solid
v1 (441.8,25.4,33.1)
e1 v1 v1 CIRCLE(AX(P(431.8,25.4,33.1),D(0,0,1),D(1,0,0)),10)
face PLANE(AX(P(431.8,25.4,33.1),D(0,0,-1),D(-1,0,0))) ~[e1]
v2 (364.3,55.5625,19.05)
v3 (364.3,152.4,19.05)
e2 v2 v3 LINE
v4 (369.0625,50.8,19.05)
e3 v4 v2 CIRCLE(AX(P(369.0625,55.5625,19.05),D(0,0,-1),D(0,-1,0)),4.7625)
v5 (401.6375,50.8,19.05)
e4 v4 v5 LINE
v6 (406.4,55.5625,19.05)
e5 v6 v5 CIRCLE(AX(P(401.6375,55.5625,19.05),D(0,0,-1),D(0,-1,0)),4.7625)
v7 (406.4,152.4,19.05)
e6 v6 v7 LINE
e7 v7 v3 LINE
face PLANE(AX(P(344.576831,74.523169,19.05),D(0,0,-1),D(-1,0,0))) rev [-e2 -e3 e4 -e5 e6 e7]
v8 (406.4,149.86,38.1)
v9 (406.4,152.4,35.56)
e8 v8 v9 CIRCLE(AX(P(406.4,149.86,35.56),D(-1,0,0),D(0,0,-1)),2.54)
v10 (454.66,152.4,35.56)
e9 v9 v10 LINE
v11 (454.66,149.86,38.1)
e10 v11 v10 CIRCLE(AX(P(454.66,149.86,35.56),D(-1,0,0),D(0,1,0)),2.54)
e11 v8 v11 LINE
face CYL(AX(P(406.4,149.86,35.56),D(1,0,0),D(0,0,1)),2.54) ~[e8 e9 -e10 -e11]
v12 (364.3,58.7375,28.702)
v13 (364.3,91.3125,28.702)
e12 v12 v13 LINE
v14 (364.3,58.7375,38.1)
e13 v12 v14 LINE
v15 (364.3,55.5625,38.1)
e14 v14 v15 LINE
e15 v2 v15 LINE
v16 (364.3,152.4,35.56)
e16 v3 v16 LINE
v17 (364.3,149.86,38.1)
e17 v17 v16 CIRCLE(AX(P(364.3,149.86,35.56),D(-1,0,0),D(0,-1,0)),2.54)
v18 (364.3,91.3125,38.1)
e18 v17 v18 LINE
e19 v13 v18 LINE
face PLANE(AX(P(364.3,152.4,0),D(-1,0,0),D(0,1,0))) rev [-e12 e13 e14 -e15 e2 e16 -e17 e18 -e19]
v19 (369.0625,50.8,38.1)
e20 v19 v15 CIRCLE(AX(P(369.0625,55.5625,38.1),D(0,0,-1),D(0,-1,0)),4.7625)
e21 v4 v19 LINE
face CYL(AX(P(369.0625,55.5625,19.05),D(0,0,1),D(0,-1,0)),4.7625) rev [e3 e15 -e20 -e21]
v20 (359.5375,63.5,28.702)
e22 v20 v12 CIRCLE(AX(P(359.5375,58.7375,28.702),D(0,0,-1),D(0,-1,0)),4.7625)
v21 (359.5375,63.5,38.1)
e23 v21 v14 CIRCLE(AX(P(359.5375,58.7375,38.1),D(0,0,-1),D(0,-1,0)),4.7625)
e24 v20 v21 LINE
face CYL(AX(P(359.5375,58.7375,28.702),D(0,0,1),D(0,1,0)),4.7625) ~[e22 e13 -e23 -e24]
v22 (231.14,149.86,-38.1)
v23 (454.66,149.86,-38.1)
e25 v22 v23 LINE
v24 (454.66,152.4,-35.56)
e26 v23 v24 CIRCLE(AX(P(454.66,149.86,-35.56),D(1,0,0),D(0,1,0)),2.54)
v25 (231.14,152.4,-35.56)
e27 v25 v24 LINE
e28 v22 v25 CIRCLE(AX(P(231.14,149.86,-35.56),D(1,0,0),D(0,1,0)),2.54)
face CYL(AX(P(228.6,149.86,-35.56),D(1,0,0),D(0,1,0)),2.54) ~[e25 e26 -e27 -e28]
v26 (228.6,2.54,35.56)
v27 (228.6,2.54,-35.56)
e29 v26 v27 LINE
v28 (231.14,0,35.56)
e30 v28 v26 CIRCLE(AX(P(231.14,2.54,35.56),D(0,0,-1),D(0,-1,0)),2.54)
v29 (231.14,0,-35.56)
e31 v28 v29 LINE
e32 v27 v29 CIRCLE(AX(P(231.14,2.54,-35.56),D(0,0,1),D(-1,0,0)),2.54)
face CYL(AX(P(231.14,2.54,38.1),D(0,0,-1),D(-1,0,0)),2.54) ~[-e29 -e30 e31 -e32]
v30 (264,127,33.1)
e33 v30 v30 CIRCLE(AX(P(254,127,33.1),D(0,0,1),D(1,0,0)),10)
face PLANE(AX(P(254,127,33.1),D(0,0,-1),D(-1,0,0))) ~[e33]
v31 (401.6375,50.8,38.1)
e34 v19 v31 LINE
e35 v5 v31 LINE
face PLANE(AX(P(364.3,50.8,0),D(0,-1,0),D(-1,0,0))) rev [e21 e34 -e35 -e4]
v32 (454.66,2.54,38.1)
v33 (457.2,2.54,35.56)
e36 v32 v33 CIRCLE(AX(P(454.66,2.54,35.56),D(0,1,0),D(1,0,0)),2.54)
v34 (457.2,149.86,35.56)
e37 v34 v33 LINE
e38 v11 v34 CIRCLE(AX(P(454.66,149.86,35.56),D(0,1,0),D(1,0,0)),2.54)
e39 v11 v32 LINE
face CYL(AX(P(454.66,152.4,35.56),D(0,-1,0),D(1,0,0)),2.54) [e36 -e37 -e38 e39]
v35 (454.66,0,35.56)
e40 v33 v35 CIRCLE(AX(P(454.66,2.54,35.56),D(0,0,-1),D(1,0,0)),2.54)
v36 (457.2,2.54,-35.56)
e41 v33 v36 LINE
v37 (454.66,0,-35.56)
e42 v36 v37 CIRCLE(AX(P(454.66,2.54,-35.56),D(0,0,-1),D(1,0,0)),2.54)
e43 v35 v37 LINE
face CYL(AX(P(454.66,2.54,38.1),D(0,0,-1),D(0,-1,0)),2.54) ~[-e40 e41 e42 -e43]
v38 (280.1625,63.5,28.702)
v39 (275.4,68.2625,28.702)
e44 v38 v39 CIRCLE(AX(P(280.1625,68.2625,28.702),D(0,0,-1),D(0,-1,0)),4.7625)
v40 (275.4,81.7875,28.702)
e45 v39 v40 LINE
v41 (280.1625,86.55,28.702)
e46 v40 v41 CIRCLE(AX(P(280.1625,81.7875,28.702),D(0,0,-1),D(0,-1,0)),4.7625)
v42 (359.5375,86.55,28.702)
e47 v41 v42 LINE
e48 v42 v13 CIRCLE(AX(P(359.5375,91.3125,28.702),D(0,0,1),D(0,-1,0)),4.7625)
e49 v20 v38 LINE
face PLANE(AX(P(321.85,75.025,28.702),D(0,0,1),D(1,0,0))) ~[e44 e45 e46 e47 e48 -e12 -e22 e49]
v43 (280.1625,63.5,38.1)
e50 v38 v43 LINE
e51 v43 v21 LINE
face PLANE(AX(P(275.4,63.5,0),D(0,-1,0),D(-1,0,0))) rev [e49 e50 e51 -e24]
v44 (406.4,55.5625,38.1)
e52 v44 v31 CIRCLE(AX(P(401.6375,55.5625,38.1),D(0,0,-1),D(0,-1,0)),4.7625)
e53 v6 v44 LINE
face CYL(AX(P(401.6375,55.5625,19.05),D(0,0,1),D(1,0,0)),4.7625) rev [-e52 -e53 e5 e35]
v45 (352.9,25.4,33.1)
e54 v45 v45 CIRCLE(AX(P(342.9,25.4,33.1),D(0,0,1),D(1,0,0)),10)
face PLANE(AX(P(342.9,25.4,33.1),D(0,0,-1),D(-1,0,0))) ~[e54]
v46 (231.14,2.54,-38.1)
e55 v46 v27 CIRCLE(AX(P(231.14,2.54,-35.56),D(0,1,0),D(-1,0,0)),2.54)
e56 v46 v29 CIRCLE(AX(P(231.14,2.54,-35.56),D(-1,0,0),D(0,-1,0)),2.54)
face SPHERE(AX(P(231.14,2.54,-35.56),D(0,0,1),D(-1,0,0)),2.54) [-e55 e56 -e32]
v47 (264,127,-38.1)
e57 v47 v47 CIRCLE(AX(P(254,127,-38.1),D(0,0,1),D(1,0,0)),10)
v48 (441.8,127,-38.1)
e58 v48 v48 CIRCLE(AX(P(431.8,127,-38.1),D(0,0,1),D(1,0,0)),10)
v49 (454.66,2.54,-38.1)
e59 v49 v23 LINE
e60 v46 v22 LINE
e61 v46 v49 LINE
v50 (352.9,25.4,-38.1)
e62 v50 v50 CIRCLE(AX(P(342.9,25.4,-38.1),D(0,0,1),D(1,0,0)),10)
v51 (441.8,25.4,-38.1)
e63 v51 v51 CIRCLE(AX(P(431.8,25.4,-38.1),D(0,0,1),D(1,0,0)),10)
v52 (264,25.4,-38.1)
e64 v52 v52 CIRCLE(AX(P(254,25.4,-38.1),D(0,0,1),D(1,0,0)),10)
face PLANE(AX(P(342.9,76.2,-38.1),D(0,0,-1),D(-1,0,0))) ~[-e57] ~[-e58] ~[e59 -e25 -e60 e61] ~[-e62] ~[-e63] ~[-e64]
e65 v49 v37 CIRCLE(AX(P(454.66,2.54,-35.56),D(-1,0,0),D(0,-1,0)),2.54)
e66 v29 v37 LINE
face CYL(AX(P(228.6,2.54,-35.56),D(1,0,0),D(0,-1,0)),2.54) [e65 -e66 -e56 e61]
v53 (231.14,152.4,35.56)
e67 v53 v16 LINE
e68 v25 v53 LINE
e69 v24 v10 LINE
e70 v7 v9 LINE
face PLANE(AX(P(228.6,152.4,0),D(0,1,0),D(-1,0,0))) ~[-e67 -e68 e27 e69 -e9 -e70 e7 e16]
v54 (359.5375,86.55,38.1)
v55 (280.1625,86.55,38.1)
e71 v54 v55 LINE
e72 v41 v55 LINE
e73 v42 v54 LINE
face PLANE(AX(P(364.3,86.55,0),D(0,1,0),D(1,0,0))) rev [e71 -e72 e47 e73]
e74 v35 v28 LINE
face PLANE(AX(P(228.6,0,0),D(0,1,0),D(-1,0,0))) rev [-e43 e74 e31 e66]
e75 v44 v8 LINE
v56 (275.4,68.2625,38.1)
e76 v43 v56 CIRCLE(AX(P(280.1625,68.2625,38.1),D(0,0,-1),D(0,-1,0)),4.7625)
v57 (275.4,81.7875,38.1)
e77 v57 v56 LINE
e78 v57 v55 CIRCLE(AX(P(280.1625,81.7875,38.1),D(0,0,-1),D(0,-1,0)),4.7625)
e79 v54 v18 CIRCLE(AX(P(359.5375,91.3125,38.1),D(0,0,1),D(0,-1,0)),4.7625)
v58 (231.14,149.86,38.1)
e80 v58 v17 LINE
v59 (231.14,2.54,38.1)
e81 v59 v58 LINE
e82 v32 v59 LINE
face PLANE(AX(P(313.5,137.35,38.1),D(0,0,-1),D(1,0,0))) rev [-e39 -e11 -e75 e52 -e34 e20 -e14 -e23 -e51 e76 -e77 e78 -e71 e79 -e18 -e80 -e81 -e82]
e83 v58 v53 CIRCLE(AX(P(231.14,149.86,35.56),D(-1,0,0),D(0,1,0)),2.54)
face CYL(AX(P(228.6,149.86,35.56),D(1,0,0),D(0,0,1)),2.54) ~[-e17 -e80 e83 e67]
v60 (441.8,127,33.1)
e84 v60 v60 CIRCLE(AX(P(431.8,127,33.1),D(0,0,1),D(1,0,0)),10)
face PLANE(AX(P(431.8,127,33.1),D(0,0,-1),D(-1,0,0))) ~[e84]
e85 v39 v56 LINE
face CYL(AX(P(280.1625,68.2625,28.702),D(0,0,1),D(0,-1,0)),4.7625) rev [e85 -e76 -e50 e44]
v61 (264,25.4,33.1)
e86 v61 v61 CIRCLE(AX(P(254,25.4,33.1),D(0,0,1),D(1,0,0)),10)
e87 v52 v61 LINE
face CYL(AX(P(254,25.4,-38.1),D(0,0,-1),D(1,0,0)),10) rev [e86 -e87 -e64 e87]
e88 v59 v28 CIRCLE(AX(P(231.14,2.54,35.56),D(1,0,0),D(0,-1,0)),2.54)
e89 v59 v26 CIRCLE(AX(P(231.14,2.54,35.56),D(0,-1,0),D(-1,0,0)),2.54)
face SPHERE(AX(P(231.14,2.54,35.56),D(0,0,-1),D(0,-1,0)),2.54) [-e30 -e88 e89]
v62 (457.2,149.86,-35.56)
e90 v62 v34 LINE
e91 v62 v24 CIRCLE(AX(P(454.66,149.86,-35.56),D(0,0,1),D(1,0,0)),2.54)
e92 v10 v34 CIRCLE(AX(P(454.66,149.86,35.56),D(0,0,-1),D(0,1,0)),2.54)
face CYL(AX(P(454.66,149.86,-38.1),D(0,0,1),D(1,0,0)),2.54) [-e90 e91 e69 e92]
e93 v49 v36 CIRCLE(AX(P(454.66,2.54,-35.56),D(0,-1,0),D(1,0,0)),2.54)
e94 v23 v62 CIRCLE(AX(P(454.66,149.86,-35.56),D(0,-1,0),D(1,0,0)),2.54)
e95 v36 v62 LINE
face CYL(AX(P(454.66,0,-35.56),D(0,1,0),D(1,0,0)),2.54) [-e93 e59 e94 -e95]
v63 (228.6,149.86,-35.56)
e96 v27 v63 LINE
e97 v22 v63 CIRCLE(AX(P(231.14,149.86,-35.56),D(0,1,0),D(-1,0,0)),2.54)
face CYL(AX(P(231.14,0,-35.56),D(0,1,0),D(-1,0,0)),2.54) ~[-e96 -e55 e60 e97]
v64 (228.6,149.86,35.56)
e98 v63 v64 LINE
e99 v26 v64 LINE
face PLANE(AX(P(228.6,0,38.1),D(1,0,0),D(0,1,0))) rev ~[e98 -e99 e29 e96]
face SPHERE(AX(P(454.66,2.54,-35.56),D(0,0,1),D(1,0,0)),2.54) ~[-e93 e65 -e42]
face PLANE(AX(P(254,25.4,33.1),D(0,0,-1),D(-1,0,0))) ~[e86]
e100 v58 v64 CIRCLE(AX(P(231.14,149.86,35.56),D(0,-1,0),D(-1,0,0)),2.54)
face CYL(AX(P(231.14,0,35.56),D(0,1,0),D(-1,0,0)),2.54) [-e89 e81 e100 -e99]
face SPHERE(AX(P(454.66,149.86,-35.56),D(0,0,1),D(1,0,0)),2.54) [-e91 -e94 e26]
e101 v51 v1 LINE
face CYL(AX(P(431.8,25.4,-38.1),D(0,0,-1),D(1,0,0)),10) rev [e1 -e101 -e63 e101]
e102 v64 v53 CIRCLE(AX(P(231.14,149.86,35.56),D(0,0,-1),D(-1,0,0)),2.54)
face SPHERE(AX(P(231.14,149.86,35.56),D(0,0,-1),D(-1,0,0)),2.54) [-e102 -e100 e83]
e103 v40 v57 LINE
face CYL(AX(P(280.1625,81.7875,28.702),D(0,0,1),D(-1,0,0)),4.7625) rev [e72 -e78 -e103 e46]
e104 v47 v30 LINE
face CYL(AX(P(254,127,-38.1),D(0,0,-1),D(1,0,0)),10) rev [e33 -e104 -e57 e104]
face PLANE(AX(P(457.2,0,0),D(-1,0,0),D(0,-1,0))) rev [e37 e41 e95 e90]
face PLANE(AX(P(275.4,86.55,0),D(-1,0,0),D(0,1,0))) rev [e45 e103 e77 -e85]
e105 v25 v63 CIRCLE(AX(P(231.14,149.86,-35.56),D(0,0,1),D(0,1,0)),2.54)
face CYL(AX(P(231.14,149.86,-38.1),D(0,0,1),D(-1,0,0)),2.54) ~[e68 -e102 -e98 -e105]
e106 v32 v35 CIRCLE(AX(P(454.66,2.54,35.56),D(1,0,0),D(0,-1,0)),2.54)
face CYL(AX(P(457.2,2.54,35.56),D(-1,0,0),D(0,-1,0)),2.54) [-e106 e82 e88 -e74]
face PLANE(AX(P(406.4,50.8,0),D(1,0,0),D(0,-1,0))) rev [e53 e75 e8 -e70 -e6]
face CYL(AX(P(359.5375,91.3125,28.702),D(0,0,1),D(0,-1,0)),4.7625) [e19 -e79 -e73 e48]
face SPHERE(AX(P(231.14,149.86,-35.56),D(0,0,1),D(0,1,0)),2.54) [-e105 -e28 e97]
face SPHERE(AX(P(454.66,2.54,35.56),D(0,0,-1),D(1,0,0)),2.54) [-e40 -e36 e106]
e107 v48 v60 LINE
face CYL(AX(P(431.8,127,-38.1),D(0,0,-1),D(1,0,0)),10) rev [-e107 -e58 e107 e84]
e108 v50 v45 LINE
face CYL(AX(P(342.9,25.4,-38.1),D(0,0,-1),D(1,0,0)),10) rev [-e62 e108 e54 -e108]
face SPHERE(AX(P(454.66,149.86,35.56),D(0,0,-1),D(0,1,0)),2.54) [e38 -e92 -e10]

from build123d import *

# Parameters (mm, degrees)
SALIENTE_EXTRUIR1_DEPTH = 19.05
SALIENTE_EXTRUIR2_DEPTH = 38.1
CROQUIS1_5_W            = 88.9
CROQUIS1_5_H            = 19.05
SALIENTE_EXTRUIR3_DEPTH = 28.702
CROQUIS2_W              = 42.1
CROQUIS2_H              = 101.6
CORTAR_EXTRUIR1_DEPTH   = 19.05
REDONDEO1_R             = 4.7625
CROQUIS4_W              = 84.9
CROQUIS4_H              = 38.1
SALIENTE_EXTRUIR4_DEPTH = 15.05
CROQUIS5_W              = 228.6
CROQUIS5_H              = 152.4
SALIENTE_EXTRUIR5_DEPTH = 38.1
REDONDEO2_R             = 2.54
CROQUIS6_R              = 10
CORTAR_EXTRUIR2_DEPTH   = 71.2
CROQUIS7_W              = 228.6
CROQUIS7_H              = 156.90491855
CORTAR_EXTRUIR3_DEPTH   = 488.918066892


with BuildPart() as part:
    # Croquis1 → Saliente-Extruir1 (new body)
    with BuildSketch(Plane.XY):
        Polygon((0, 0), (0, 152.4), (143.7, 152.4), (143.7, 137.35), (228.6, 137.35), (228.6, 0), align=None)
    extrude(amount=SALIENTE_EXTRUIR1_DEPTH)

    # Croquis1<4> → Saliente-Extruir2 (add)
    with BuildSketch(Plane.XY):
        Polygon((0, 152.4), (0, 0), (228.6, 0), (228.6, 137.35), (143.7, 137.35), (143.7, 152.4), (92.9, 152.4), (92.9, 86.55), (181.8, 86.55), (181.8, 63.5), (92.9, 63.5), (92.9, 50.8), (50.8, 50.8), (50.8, 152.4), align=None)
    extrude(amount=SALIENTE_EXTRUIR2_DEPTH)

    # Croquis1<5> → Saliente-Extruir3 (add)
    with BuildSketch(Plane.XY):
        with Locations((135.35, 75.025)):
            Rectangle(CROQUIS1_5_W, CROQUIS1_5_H)
        Polygon((92.9, 65.5), (92.9, 63.5), (181.8, 63.5), (181.8, 86.55), (92.9, 86.55), (92.9, 84.55), (179.8, 84.55), (179.8, 65.5), align=None)
    extrude(amount=SALIENTE_EXTRUIR3_DEPTH)

    # Croquis2 → Cortar-Extruir1 (cut)
    with BuildSketch(Plane.XY.offset(38.1)):
        with Locations((71.85, 101.6)):
            Rectangle(CROQUIS2_W, CROQUIS2_H)
    extrude(amount=-CORTAR_EXTRUIR1_DEPTH, mode=Mode.SUBTRACT)

    # Redondeo1
    redondeo1_edges = [part.edges().sort_by_distance(p)[0] for p in [
        (92.9, 86.55, 33.401),
        (181.8, 86.55, 33.401),
        (181.8, 63.5, 33.401),
        (92.9, 63.5, 33.401),
        (92.9, 50.8, 28.575),
        (50.8, 50.8, 28.575),
    ]]
    fillet(redondeo1_edges, radius=REDONDEO1_R)

    # Croquis4 → Saliente-Extruir4 (add)
    with BuildSketch(Plane(origin=(0, 137.35, 0), x_dir=(1, 0, 0), z_dir=(0, 1, 0))):
        with Locations((186.15, -19.05)):
            Rectangle(CROQUIS4_W, CROQUIS4_H)
    extrude(amount=SALIENTE_EXTRUIR4_DEPTH)

    # Croquis5 → Saliente-Extruir5 (add)
    with BuildSketch(Plane(origin=(0, 0, 0), x_dir=(-1, 0, 0), z_dir=(0, 0, -1))):
        with Locations((-114.3, 76.2)):
            Rectangle(CROQUIS5_W, CROQUIS5_H)
    extrude(amount=SALIENTE_EXTRUIR5_DEPTH)

    # Redondeo2
    redondeo2_edges = [part.edges().sort_by_distance(p)[0] for p in [
        (228.6, 0, 0),
        (0, 0, 0),
        (0, 152.4, 0),
        (228.6, 152.4, 0),
        (0, 76.2, -38.1),
        (114.3, 152.4, -38.1),
        (228.6, 76.2, -38.1),
        (114.3, 0, -38.1),
        (25.4, 152.4, 38.1),
        (0, 76.2, 38.1),
        (114.3, 0, 38.1),
        (228.6, 76.2, 38.1),
        (160.75, 152.4, 38.1),
    ]]
    fillet(redondeo2_edges, radius=REDONDEO2_R)

    # Croquis6 → Cortar-Extruir2 (cut)
    with BuildSketch(Plane(origin=(0, 0, -38.1), x_dir=(-1, 0, 0), z_dir=(0, 0, -1))):
        with Locations((-25.4, 127)):
            Circle(CROQUIS6_R)
        with Locations((-203.2, 127)):
            Circle(CROQUIS6_R)
        with Locations((-203.2, 25.4)):
            Circle(CROQUIS6_R)
        with Locations((-25.4, 25.4)):
            Circle(CROQUIS6_R)
        with Locations((-114.3, 25.4)):
            Circle(CROQUIS6_R)
    extrude(amount=-CORTAR_EXTRUIR2_DEPTH, mode=Mode.SUBTRACT)

    # Simetría1: part across plane


with BuildPart() as part_1:
    add(part.part)
    add(part.part.mirror(Plane(origin=(228.6, 0, 19.05), x_dir=(0, 0, 1), z_dir=(1, 0, 0))))

    # Croquis7 → Cortar-Extruir3 (cut, through all)
    with BuildSketch(Plane.XY.offset(38.1)):
        with Locations((114.3, 78.452459275)):
            Rectangle(CROQUIS7_W, CROQUIS7_H)
    extrude(amount=-CORTAR_EXTRUIR3_DEPTH, mode=Mode.SUBTRACT)


solid = part_1.part
